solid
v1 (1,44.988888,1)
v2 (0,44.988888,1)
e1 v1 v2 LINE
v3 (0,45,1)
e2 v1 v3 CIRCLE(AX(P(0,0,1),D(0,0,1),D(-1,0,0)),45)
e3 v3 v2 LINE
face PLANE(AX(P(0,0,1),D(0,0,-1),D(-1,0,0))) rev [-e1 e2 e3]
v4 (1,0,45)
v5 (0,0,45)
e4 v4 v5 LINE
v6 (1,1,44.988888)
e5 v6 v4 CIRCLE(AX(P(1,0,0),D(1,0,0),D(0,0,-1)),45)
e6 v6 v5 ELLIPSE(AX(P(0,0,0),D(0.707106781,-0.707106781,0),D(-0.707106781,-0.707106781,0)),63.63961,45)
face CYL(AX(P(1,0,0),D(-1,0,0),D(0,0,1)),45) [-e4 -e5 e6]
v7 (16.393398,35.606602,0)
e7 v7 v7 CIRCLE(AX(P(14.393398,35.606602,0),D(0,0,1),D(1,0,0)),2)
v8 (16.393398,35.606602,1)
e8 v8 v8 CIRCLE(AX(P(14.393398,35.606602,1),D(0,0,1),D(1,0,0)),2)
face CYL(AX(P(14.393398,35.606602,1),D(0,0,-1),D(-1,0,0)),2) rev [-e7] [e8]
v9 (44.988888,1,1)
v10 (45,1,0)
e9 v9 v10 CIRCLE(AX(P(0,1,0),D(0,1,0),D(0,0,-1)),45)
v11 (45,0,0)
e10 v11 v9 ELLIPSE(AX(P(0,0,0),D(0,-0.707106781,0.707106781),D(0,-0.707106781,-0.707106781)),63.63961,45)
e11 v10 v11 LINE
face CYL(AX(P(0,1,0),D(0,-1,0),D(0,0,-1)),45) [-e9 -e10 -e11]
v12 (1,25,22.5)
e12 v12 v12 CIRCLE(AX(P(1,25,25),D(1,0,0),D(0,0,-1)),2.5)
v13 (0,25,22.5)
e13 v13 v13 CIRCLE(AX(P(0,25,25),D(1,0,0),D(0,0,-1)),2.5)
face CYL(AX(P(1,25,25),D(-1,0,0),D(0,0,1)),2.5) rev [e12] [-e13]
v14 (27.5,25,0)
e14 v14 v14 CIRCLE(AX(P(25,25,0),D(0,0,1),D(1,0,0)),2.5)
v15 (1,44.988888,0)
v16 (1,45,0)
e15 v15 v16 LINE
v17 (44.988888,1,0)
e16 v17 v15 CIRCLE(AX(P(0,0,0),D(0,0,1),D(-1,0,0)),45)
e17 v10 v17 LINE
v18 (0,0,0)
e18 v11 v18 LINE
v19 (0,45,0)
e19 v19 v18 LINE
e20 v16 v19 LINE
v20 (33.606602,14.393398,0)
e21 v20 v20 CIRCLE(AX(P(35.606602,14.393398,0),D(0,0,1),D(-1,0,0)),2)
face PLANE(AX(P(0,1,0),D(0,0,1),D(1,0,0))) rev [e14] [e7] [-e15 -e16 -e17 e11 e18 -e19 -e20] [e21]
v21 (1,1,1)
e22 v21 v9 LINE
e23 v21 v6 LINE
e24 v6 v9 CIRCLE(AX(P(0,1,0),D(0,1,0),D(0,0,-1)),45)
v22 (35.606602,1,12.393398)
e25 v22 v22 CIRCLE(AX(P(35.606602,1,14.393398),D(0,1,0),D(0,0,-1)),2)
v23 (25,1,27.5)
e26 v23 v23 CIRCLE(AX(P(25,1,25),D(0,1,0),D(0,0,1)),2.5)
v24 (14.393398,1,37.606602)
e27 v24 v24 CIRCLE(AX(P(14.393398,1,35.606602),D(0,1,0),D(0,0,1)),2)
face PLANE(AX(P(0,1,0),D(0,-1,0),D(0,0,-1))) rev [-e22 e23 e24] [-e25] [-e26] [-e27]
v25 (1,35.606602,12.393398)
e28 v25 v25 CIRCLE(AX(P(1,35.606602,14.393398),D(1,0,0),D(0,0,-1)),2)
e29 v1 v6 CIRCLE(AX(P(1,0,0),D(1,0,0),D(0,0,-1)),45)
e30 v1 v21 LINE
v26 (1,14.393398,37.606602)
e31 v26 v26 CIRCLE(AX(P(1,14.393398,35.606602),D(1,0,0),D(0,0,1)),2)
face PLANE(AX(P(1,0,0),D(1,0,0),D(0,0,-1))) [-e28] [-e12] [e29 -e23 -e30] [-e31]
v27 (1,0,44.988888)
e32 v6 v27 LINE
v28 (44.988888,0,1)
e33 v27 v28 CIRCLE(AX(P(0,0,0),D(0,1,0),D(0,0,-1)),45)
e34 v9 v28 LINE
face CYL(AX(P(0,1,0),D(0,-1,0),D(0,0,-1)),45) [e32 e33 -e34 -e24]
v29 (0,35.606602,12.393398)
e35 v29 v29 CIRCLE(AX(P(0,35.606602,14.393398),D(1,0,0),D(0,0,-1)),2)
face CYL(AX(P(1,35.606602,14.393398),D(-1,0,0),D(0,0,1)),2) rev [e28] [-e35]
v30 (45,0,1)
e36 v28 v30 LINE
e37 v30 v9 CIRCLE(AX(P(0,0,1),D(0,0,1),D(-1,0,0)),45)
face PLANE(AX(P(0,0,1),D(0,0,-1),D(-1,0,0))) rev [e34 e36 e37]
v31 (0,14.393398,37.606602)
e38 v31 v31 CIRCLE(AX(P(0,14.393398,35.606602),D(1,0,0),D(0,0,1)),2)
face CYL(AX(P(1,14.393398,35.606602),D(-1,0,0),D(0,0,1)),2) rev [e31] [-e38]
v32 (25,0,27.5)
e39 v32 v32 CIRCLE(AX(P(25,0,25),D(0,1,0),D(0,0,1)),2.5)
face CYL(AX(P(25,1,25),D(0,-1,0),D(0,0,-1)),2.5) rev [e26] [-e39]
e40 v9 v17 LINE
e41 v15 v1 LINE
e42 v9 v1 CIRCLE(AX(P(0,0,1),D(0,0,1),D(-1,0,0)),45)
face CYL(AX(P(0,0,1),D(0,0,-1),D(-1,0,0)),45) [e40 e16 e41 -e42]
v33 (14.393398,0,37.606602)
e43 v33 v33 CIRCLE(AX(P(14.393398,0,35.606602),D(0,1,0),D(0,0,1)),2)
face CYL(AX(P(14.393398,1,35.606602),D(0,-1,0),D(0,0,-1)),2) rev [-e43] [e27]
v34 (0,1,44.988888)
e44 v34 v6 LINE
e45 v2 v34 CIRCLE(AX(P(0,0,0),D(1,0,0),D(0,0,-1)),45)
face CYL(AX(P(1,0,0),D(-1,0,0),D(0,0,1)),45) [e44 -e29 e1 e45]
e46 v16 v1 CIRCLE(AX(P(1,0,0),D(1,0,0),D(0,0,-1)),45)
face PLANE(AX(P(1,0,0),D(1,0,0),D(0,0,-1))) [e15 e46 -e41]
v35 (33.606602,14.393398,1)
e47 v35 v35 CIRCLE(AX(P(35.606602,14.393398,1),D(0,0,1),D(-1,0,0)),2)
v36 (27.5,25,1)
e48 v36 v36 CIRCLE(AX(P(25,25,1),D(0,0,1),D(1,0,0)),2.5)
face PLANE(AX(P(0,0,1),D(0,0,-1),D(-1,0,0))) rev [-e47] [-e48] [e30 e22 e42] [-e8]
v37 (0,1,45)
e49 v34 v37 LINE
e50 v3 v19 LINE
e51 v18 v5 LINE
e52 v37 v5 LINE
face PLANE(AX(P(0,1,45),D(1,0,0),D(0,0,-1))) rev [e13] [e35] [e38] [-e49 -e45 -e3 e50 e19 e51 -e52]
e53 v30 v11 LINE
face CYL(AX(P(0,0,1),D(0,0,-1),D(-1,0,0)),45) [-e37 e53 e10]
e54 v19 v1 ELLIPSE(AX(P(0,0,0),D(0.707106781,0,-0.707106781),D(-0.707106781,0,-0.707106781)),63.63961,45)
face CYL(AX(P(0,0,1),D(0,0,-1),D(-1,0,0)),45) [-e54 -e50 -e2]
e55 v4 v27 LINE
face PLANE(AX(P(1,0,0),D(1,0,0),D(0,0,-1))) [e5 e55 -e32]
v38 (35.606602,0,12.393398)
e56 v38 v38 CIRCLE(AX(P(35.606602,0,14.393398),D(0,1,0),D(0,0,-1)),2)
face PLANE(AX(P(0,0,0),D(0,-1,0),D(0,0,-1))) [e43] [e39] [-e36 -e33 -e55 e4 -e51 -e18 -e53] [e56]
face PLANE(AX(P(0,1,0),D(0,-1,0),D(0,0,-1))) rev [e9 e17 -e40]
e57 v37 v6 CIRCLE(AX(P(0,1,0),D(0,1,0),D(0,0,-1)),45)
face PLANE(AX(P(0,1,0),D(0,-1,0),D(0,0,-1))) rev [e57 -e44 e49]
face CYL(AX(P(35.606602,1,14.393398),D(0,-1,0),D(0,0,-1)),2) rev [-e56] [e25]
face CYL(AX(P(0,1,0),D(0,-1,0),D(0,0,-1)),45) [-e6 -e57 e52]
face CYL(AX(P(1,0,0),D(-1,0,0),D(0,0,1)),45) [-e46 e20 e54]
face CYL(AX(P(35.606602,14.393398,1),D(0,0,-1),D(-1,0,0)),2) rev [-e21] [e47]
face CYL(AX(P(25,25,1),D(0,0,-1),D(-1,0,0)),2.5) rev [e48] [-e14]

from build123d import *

# Parameters (mm, degrees)
SKETCH_2_R      = 2.5
SKETCH_2_R_2    = 2
EXTRUDE_1_DEPTH = 1
SKETCH_3_R      = 2.5
SKETCH_3_R_2    = 2
EXTRUDE_2_DEPTH = 1
SKETCH_5_R      = 2.5
SKETCH_5_R_2    = 2
EXTRUDE_3_DEPTH = 1


with BuildPart() as part:
    # Эскиз2 → Бобышка-Вытянуть1 (new body)
    with BuildSketch(Plane(origin=(0, 0, 0), x_dir=(1, 0, 0), z_dir=(0, 1, 0))):
        with BuildLine():
            Line((0, -45), (0, 0))
            Line((0, 0), (45, 0))
            ThreePointArc((45, 0), (31.819805153, -31.819805153), (0, -45))
        make_face()
        with Locations(Location((25, -25, 0), (0, 0, 270))):
            Circle(SKETCH_2_R, mode=Mode.SUBTRACT)
        with Locations(Location((14.393398282, -35.606601718, 0), (0, 0, 270))):
            Circle(SKETCH_2_R_2, mode=Mode.SUBTRACT)
        with Locations(Location((35.606601718, -14.393398282, 0), (0, 0, 90))):
            Circle(SKETCH_2_R_2, mode=Mode.SUBTRACT)
    extrude(amount=EXTRUDE_1_DEPTH)

    # Эскиз3 → Бобышка-Вытянуть2 (add)
    with BuildSketch(Plane.XY):
        with BuildLine():
            Line((0, 45), (0, 0))
            Line((0, 0), (45, 0))
            ThreePointArc((45, 0), (31.819805153, 31.819805153), (0, 45))
        make_face()
        with Locations((25, 25)):
            Circle(SKETCH_3_R, mode=Mode.SUBTRACT)
        with Locations((14.393398282, 35.606601718)):
            Circle(SKETCH_3_R_2, mode=Mode.SUBTRACT)
        with Locations(Location((35.606601718, 14.393398282, 0), (0, 0, 180))):
            Circle(SKETCH_3_R_2, mode=Mode.SUBTRACT)
    extrude(amount=EXTRUDE_2_DEPTH)

    # Эскиз5 → Бобышка-Вытянуть3 (add)
    with BuildSketch(Plane(origin=(0, 0, 0), x_dir=(0, 0, -1), z_dir=(1, 0, 0))):
        with BuildLine():
            Line((0, 45), (0, 0))
            Line((0, 0), (-45, 0))
            ThreePointArc((-45, 0), (-31.819805153, 31.819805153), (0, 45))
        make_face()
        with Locations((-25, 25)):
            Circle(SKETCH_5_R, mode=Mode.SUBTRACT)
        with Locations((-14.393398282, 35.606601718)):
            Circle(SKETCH_5_R_2, mode=Mode.SUBTRACT)
        with Locations(Location((-35.606601718, 14.393398282, 0), (0, 0, 180))):
            Circle(SKETCH_5_R_2, mode=Mode.SUBTRACT)
    extrude(amount=EXTRUDE_3_DEPTH)


solid = part.part
